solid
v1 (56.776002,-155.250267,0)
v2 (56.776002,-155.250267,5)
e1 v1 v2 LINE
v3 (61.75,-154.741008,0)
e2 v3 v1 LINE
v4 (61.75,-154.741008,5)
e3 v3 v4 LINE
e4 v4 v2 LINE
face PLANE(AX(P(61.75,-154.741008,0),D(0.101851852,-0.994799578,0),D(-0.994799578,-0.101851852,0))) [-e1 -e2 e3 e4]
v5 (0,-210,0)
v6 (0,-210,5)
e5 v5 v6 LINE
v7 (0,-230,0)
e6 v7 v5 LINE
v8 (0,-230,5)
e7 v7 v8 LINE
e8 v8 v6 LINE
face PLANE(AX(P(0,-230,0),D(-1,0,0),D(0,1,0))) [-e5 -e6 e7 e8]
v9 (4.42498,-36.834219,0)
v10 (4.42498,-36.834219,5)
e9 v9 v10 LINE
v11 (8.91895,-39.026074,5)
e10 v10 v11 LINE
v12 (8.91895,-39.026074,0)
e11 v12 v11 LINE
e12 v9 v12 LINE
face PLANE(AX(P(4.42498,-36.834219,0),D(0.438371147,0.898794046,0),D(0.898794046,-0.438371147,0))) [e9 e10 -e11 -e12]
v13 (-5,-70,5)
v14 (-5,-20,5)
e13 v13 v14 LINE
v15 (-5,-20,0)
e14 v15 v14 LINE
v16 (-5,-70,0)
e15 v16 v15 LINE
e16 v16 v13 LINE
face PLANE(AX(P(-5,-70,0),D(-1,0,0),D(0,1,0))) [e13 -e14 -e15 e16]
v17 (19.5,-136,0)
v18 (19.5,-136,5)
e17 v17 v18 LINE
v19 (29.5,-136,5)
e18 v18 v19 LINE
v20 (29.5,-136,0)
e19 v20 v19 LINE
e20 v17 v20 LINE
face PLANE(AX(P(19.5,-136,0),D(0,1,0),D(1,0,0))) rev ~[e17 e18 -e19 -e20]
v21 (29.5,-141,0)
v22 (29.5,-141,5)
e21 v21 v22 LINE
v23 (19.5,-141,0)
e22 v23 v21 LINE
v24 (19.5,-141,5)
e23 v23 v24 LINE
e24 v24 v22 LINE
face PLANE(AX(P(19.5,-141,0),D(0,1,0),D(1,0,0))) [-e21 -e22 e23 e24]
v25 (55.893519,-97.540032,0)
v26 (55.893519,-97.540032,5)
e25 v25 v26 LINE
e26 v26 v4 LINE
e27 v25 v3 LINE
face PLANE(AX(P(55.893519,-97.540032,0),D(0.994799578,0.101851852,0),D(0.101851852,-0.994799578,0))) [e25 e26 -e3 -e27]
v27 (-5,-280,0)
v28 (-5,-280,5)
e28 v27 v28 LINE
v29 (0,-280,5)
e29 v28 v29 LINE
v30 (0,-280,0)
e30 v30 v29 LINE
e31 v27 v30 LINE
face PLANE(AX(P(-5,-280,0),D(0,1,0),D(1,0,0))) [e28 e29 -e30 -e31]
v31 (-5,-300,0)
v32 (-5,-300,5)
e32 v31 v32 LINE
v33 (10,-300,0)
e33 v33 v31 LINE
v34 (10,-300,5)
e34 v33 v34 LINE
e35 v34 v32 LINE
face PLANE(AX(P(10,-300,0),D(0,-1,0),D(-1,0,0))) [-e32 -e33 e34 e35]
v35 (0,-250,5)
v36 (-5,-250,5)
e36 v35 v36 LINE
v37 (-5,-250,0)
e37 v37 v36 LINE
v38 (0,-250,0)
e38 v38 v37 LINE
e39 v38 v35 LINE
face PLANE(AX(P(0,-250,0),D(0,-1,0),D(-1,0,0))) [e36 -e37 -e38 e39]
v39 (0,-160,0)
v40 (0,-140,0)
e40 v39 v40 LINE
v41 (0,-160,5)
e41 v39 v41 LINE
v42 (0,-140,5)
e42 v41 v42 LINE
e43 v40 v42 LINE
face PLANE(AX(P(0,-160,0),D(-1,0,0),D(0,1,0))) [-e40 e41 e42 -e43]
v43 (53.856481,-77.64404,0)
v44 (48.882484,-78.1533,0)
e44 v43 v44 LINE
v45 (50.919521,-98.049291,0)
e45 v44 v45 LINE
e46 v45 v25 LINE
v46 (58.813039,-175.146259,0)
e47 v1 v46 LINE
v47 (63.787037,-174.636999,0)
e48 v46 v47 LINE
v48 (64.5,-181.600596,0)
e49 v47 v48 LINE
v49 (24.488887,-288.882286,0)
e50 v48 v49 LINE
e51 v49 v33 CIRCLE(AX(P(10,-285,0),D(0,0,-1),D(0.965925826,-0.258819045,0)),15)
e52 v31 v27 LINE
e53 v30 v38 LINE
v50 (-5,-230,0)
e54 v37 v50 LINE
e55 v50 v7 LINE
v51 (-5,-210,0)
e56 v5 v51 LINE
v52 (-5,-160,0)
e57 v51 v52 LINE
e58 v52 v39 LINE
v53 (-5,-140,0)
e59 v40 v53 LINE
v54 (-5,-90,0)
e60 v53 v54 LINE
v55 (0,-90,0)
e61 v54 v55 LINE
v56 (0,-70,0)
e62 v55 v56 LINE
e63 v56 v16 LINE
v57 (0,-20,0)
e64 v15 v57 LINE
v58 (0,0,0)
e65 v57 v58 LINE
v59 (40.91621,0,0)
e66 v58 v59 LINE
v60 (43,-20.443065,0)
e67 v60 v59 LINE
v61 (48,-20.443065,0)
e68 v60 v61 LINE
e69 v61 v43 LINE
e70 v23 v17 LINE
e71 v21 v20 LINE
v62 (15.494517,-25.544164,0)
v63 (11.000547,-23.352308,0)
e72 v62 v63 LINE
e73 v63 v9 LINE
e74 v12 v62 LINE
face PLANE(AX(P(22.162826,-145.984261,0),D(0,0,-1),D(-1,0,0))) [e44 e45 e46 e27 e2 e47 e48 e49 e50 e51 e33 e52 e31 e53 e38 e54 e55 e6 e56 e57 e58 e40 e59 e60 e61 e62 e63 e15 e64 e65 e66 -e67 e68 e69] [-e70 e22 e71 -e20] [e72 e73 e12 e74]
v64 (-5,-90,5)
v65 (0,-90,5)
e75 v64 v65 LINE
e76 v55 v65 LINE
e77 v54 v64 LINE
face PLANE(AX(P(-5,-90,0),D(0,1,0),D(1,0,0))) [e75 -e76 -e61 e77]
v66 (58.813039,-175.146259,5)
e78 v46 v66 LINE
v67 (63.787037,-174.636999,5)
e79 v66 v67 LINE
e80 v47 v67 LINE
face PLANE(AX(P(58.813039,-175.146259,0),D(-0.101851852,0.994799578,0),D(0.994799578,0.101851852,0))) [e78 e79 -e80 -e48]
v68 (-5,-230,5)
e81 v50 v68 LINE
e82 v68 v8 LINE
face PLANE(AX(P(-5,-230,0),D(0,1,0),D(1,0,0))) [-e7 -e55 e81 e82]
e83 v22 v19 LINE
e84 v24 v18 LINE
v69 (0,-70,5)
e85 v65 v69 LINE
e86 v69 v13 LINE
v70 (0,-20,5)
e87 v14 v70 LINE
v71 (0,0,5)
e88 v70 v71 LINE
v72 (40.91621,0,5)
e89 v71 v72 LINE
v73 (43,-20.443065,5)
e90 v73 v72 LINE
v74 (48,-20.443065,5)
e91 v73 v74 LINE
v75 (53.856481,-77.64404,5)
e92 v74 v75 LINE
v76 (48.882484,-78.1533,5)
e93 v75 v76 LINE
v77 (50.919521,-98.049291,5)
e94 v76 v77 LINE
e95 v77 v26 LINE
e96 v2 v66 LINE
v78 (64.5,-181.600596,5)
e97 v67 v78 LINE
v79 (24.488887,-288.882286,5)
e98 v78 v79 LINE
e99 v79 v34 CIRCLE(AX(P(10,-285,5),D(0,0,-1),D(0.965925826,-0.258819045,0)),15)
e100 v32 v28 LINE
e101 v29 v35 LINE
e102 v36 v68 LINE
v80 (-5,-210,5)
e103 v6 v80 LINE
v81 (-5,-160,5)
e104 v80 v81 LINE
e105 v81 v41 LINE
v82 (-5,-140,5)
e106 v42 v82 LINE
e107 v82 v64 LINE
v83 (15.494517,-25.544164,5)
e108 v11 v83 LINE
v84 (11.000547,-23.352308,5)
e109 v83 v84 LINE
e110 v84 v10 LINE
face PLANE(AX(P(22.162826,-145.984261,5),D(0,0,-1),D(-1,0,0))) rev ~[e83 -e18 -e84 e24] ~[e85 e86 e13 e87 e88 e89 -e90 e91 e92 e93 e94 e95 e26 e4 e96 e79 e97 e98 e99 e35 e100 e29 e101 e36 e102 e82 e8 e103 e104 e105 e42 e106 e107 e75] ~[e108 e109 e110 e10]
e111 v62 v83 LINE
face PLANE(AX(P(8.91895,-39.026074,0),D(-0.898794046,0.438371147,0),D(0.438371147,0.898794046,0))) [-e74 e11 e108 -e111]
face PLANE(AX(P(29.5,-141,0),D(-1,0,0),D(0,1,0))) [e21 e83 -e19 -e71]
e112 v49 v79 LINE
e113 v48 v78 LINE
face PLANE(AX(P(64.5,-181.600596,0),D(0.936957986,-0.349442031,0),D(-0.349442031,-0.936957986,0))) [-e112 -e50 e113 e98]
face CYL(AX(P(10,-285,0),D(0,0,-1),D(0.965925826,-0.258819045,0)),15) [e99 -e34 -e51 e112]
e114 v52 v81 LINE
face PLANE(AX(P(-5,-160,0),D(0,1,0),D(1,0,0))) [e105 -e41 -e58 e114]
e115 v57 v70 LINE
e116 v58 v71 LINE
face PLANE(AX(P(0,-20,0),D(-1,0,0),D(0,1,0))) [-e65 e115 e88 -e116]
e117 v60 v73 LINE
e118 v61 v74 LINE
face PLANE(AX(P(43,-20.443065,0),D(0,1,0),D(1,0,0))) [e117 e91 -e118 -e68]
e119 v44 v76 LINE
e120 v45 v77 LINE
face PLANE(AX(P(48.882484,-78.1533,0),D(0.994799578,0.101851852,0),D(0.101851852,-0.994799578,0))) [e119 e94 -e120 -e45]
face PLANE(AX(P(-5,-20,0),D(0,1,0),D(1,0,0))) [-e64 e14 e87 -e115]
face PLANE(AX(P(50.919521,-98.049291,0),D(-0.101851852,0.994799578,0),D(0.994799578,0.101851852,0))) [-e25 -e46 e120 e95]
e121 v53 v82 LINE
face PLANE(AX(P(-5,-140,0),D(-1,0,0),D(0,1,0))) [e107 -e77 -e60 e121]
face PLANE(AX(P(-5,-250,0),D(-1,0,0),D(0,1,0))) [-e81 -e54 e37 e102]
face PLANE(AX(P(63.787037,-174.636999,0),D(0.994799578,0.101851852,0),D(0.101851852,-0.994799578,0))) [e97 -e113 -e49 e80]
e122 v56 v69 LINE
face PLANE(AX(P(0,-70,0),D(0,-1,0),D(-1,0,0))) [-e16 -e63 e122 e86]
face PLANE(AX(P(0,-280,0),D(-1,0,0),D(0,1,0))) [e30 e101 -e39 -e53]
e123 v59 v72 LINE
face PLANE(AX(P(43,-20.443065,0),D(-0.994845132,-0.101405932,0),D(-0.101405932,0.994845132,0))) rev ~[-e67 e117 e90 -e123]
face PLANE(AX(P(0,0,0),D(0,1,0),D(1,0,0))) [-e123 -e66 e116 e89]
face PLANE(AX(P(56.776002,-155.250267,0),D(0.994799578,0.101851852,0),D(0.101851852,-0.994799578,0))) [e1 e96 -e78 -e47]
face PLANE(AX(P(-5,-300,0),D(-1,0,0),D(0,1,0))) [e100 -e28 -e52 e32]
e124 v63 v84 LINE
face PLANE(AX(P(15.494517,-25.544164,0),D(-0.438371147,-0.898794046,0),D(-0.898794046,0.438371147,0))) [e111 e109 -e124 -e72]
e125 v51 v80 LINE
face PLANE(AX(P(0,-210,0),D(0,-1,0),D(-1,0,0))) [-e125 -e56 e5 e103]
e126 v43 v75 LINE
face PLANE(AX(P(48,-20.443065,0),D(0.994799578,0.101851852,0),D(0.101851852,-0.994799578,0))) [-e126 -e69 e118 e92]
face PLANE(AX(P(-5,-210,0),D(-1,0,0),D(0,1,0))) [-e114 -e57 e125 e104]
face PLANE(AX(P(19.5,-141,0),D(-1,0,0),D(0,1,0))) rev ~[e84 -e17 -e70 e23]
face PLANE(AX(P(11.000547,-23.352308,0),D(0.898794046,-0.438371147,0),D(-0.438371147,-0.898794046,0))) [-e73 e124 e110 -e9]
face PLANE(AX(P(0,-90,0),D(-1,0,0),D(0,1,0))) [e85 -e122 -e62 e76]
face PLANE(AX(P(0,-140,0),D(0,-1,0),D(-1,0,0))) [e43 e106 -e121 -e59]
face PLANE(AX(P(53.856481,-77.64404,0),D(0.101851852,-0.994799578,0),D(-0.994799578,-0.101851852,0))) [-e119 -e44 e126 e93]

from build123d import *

# Parameters (mm, degrees)
ESQUISSE1_W             = 10
ESQUISSE1_H             = 5
BOSS_EXTRU_1_DEPTH      = 5
ENL_V_MAT_EXTRU_1_DEPTH = 307.896155075


with BuildPart() as part:
    # Esquisse1 → Boss.-Extru.1 (new body)
    with BuildSketch(Plane.XY):
        with BuildLine():
            Line((0, 0), (43, 0))
            Line((43, 0), (43, -20.443064708))
            Line((43, -20.443064708), (48, -20.443064708))
            Line((48, -20.443064708), (53.856481481, -77.64404044))
            Line((53.856481481, -77.64404044), (48.882483592, -78.153299699))
            Line((48.882483592, -78.153299699), (50.919520629, -98.049291258))
            Line((50.919520629, -98.049291258), (55.893518519, -97.540031998))
            Line((55.893518519, -97.540031998), (61.75, -154.74100773))
            Line((61.75, -154.74100773), (56.77600211, -155.250266989))
            Line((56.77600211, -155.250266989), (58.813039147, -175.146258548))
            Line((58.813039147, -175.146258548), (63.787037037, -174.636999289))
            Line((63.787037037, -174.636999289), (64.5, -181.600596335))
            Line((64.5, -181.600596335), (24.488887394, -288.882285677))
            ThreePointArc((24.488887394, -288.882285677), (19.131421435, -296.900300104), (10, -300))
            Line((10, -300), (-5, -300))
            Line((-5, -300), (-5, -280))
            Line((-5, -280), (0, -280))
            Line((0, -280), (0, -250))
            Line((0, -250), (-5, -250))
            Line((-5, -250), (-5, -230))
            Line((-5, -230), (0, -230))
            Line((0, -230), (0, -210))
            Line((0, -210), (-5, -210))
            Line((-5, -210), (-5, -160))
            Line((-5, -160), (0, -160))
            Line((0, -160), (0, -140))
            Line((0, -140), (-5, -140))
            Line((-5, -140), (-5, -90))
            Line((-5, -90), (0, -90))
            Line((0, -90), (0, -70))
            Line((0, -70), (-5, -70))
            Line((-5, -70), (-5, -20))
            Line((-5, -20), (0, -20))
            Line((0, -20), (0, 0))
        make_face()
        with Locations((24.5, -138.5)):
            Rectangle(ESQUISSE1_W, ESQUISSE1_H, mode=Mode.SUBTRACT)
        Polygon((11.000546858, -23.352307985), (4.424979656, -36.83421868), (8.918949887, -39.026074414), (15.494517089, -25.544163719), align=None, mode=Mode.SUBTRACT)
    extrude(amount=BOSS_EXTRU_1_DEPTH)

    # Esquisse3 → Enlèv. mat.-Extru.1 (cut, through all)
    with BuildSketch(Plane(origin=(0, 0, 0), x_dir=(-1, 0, 0), z_dir=(0, 0, -1))):
        Polygon((-43, -20.443064708), (-40.91621031, 0), (-43, 0), align=None)
    extrude(amount=-ENL_V_MAT_EXTRU_1_DEPTH, mode=Mode.SUBTRACT)


solid = part.part
